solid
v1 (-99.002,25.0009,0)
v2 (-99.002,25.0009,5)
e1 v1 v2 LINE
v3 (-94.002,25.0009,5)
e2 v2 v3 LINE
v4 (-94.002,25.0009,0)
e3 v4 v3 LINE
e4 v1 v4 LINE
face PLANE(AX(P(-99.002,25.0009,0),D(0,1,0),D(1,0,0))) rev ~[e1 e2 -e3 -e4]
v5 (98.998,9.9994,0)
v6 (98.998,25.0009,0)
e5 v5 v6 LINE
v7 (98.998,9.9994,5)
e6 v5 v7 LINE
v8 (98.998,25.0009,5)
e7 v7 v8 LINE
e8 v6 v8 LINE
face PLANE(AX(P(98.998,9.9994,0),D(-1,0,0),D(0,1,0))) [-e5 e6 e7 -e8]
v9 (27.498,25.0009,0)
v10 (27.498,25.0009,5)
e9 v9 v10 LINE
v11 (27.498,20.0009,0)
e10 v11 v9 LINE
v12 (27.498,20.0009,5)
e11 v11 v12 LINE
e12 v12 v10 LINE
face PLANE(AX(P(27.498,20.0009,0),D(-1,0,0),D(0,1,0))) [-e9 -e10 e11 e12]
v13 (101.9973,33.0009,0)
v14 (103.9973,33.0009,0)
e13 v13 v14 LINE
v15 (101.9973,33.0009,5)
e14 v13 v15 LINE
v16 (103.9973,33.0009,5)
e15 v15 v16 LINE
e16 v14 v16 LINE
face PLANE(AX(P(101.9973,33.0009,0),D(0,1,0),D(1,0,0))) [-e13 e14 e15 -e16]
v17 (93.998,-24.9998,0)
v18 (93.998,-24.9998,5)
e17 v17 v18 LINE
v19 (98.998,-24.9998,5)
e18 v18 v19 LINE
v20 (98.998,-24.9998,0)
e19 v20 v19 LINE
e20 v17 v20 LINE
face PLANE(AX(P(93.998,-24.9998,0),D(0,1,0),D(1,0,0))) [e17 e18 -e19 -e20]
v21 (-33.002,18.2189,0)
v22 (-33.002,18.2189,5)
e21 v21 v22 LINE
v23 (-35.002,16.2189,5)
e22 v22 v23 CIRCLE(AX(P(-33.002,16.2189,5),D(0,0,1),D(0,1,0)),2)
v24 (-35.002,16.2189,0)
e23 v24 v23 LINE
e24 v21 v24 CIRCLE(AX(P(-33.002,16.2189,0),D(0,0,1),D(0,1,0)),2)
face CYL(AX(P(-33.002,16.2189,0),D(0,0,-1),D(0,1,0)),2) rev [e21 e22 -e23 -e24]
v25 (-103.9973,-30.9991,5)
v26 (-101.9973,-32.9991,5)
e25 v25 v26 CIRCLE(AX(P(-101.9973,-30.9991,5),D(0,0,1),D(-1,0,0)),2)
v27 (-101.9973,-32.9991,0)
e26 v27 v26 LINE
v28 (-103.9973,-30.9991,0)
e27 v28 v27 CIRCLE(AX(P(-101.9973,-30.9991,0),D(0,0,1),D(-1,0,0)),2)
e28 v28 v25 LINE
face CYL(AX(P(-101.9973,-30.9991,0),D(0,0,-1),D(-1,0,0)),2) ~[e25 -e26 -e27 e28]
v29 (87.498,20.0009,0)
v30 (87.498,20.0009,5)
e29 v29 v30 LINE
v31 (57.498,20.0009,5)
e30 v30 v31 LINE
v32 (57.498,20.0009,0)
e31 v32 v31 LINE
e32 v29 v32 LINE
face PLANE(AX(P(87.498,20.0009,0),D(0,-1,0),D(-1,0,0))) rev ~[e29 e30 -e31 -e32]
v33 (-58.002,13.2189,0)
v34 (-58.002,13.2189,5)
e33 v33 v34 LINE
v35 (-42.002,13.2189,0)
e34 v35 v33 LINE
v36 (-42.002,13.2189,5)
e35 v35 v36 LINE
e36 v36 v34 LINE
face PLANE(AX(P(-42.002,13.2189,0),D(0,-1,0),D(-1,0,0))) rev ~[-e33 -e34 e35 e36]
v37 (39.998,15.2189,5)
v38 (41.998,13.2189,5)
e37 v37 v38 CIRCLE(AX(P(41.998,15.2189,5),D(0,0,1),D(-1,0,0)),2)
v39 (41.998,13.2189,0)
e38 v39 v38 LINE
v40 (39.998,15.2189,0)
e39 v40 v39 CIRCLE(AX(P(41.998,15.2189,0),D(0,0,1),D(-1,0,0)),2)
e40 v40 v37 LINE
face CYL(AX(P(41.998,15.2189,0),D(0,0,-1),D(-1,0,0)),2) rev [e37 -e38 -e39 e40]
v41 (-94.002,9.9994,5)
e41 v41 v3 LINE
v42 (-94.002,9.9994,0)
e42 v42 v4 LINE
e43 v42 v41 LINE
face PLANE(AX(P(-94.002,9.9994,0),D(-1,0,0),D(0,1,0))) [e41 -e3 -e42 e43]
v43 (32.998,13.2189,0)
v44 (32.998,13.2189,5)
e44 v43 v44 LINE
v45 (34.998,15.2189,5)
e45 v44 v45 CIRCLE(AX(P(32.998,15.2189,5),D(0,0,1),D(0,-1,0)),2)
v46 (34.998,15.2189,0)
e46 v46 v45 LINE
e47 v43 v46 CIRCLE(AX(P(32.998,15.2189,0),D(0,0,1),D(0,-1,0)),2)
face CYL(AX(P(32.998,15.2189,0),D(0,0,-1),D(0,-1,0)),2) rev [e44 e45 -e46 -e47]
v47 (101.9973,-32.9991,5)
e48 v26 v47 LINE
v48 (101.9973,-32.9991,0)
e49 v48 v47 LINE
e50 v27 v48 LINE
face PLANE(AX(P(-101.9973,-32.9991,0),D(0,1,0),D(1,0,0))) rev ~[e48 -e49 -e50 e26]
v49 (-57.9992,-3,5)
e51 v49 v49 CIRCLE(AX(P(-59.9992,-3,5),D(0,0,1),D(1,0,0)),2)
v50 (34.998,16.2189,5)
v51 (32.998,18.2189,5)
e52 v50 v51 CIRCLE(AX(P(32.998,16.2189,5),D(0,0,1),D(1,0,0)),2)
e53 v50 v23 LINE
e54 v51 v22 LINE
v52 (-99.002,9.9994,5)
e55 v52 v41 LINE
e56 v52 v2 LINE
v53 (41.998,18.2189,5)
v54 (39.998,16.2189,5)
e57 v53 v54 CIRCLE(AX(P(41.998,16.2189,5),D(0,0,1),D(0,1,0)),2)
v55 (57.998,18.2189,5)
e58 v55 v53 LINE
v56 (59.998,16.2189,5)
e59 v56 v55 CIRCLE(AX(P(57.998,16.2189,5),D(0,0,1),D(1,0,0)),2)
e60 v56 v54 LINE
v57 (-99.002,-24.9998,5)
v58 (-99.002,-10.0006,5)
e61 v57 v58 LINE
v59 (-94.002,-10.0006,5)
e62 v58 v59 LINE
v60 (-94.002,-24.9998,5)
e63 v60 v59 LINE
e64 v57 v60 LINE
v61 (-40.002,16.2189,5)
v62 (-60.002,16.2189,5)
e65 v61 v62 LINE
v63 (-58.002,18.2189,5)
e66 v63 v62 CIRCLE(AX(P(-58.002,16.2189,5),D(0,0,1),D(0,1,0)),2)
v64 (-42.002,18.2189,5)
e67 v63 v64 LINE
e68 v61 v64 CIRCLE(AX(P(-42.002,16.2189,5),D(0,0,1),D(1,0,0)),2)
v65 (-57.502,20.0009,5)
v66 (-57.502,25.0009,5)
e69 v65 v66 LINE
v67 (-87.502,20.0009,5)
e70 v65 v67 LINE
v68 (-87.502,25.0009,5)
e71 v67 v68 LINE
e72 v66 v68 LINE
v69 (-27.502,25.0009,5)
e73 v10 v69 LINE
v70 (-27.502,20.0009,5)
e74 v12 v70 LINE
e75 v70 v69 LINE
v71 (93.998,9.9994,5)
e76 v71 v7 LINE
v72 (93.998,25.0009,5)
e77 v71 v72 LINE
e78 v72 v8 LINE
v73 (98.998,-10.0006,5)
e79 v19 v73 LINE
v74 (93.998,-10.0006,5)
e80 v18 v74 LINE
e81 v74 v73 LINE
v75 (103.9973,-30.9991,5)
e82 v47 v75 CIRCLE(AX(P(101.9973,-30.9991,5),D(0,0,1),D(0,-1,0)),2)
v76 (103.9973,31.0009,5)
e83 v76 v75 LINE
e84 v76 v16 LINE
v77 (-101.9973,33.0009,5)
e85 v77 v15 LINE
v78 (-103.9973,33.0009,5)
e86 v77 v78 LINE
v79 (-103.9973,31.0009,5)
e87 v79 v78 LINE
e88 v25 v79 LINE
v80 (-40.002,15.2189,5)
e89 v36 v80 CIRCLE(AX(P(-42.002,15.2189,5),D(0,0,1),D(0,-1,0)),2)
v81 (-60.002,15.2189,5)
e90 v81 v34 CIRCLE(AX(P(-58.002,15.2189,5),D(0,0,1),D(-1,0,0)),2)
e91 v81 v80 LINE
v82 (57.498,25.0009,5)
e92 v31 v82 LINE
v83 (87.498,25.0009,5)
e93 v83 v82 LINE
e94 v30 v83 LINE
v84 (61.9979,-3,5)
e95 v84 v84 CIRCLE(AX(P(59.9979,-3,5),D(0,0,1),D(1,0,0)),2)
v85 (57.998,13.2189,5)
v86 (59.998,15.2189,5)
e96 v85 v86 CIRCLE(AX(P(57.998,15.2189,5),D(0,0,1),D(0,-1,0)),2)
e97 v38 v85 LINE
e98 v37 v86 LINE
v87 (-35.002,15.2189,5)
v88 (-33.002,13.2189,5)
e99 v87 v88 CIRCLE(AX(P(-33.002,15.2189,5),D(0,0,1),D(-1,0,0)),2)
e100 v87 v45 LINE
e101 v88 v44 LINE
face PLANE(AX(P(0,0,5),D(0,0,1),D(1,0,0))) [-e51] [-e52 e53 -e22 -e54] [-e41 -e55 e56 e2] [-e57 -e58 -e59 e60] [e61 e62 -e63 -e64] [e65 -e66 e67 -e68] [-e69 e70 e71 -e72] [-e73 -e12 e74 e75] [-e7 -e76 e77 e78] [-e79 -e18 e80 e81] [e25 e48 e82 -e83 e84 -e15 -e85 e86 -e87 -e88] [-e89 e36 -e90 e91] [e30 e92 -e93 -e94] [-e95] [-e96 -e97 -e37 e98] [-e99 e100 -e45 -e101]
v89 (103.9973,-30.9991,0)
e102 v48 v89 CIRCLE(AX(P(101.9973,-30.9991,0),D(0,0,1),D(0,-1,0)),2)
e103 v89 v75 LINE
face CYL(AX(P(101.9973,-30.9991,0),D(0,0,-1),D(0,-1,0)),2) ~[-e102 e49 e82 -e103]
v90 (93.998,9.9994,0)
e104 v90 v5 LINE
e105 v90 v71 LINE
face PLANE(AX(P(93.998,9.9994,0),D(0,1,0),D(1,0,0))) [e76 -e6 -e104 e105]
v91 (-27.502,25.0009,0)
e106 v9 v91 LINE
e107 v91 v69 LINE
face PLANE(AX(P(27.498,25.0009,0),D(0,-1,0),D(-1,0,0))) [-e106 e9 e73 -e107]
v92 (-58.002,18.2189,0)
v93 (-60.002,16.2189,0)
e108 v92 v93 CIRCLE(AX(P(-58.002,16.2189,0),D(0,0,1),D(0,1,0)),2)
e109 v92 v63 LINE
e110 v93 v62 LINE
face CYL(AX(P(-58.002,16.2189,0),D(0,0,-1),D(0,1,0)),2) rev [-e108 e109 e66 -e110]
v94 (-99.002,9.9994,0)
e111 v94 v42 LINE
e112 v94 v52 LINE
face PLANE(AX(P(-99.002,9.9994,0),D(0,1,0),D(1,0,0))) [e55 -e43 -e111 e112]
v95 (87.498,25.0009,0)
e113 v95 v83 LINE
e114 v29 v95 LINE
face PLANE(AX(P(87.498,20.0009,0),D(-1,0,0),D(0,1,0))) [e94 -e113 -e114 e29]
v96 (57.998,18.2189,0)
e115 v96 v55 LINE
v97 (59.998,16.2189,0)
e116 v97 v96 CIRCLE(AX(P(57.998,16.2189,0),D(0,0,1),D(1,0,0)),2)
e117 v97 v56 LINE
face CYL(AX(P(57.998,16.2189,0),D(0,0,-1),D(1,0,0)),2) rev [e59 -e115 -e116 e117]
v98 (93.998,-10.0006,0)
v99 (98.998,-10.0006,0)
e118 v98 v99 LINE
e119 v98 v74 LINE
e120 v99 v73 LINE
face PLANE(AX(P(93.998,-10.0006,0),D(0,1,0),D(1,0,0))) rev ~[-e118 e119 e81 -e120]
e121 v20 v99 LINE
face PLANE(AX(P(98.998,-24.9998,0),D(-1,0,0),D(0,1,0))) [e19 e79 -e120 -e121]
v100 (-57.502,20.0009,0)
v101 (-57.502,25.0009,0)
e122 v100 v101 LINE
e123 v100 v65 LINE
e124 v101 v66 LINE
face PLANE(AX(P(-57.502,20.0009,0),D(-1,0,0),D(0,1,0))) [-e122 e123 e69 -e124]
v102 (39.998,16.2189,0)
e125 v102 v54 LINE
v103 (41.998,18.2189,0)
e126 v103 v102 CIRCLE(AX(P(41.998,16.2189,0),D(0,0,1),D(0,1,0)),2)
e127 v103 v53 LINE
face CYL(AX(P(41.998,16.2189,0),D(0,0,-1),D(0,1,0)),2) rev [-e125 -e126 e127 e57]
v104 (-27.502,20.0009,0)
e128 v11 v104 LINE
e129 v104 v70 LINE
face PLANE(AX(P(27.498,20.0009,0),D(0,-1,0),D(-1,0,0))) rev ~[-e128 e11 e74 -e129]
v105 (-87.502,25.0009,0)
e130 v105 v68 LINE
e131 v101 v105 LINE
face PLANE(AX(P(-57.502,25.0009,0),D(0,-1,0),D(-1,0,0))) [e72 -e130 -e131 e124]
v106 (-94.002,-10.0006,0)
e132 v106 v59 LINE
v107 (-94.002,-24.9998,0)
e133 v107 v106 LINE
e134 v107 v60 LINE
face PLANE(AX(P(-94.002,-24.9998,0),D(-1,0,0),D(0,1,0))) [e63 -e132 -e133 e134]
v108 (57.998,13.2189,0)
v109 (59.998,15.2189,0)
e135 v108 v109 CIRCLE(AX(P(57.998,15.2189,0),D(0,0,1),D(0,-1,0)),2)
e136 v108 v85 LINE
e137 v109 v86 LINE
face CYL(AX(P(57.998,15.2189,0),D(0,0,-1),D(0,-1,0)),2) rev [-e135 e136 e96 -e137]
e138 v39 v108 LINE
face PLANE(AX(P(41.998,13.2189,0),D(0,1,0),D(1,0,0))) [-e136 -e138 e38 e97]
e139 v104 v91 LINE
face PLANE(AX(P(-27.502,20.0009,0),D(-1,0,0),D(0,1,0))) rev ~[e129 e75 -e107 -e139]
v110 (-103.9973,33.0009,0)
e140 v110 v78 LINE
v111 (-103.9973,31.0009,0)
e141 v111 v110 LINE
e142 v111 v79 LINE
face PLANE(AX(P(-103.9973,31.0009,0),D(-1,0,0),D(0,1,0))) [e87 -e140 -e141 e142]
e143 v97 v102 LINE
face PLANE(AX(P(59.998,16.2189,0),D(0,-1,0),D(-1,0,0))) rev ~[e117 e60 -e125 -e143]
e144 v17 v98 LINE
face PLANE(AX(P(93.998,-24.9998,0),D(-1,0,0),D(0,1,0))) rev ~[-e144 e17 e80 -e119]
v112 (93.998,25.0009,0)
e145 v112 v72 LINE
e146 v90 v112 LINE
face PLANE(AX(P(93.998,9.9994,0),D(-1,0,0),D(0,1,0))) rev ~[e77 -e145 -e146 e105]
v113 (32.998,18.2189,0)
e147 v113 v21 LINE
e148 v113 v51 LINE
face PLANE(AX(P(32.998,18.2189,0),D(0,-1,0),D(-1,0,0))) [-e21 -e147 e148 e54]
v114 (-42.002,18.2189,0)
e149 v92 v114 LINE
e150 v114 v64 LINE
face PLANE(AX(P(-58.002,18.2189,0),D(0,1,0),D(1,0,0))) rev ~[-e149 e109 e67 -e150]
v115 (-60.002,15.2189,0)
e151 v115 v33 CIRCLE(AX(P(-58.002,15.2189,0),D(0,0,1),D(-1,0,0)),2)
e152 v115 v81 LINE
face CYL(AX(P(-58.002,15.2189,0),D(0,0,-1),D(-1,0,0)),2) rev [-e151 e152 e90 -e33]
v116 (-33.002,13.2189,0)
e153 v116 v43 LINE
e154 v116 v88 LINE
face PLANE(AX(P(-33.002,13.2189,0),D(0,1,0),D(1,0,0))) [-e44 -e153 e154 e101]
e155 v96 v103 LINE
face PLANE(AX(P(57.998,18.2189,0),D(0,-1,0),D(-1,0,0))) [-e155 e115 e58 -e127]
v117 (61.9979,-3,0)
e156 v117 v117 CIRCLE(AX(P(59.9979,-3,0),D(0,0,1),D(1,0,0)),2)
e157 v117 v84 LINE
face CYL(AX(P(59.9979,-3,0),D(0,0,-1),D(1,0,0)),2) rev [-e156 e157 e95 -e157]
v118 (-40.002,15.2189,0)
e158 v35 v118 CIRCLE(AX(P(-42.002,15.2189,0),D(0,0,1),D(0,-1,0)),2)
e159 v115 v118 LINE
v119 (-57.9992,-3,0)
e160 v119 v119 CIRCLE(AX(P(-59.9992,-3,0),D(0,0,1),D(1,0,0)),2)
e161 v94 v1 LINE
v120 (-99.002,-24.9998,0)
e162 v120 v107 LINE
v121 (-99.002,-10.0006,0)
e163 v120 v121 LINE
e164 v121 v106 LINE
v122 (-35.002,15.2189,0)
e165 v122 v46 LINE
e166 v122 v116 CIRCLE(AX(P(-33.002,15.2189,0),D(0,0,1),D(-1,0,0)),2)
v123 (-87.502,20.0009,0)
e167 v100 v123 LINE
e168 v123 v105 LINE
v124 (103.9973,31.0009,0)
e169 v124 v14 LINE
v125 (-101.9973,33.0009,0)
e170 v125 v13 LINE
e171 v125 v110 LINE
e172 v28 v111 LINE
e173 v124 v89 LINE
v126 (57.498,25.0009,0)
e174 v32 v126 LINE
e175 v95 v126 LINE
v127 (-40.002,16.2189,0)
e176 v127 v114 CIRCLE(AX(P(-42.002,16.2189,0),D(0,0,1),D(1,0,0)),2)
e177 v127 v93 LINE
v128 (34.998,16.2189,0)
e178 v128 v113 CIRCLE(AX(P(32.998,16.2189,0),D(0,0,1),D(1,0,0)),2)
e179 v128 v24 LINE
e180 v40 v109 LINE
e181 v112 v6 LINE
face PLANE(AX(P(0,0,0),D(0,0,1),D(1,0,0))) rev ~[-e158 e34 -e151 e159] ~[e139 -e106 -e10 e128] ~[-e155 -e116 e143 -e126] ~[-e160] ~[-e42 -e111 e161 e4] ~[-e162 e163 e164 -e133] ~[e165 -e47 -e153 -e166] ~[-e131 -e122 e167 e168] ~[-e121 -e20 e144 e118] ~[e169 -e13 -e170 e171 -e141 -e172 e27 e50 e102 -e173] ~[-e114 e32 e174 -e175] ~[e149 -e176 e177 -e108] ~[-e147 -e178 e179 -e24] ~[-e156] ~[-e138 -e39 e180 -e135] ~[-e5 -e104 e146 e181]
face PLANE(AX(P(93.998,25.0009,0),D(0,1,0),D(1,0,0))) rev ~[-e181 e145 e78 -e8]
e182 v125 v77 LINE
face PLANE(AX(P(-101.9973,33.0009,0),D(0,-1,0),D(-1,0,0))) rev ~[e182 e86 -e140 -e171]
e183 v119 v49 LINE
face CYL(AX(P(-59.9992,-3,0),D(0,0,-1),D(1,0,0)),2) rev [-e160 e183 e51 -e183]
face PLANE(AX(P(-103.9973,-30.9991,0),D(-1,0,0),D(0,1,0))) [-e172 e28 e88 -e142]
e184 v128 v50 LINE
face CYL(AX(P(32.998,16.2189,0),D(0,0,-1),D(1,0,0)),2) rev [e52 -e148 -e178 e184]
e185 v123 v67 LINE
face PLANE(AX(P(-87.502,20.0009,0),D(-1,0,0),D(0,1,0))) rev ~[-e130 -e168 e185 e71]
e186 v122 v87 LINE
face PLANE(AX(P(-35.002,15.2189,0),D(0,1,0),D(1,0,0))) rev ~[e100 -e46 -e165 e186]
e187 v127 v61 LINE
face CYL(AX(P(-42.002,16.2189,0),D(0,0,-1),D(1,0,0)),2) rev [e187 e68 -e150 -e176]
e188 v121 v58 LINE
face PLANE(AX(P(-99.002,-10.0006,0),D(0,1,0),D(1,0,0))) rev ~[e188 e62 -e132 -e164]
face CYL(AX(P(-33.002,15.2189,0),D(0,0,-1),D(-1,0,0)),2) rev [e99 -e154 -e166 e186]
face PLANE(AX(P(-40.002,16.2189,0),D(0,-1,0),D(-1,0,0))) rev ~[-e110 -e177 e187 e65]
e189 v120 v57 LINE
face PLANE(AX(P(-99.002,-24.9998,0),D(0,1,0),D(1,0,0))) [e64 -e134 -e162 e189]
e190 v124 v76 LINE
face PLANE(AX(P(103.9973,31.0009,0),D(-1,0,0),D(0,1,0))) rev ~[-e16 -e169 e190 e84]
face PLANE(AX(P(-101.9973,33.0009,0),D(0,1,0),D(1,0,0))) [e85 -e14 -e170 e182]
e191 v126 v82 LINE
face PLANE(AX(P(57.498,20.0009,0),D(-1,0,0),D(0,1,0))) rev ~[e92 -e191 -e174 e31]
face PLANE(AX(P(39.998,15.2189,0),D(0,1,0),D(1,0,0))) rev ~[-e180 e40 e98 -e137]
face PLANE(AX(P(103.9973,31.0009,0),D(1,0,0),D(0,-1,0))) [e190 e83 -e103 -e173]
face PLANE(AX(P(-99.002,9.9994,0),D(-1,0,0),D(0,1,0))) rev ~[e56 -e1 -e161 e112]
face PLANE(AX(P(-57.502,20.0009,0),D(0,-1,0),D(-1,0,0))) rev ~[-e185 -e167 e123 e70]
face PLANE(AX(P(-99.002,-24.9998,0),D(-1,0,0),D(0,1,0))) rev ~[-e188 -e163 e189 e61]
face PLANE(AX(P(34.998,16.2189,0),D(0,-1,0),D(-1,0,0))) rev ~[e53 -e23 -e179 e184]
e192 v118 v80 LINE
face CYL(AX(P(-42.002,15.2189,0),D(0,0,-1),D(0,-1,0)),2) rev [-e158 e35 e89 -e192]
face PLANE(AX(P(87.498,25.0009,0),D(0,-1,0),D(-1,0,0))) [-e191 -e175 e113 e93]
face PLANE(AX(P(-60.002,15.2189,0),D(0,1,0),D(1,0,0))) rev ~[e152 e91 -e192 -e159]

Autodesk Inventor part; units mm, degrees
ref_plane "YZ Plane" through (0, 0, 0) normal (1, 0, 0) x (0, 1, 0)
ref_plane "XZ Plane" through (0, 0, 0) normal (0, 1, 0) x (-1, 0, 0)
ref_plane "XY Plane" through (0, 0, 0) normal (0, 0, 1) x (1, 0, 0)
sketch "Sketch1" plane through (0, 0, 0) normal (0, 0, 1) x (1, 0, 0)
  line L0 (-101.9973, -32.9991) -> (101.9973, -32.9991)
  line L1 (-101.9973, 33.0009) -> (101.9973, 33.0009)
  line L2 (-103.9973, -30.9991) -> (-103.9973, 31.0009)
  line L3 (103.9973, 31.0009) -> (103.9973, -30.9991)
  arc A0 (-103.9973, -30.9991) -> (-101.9973, -32.9991) centre (-101.9973, -30.9991) ccw
  arc A1 (101.9973, -32.9991) -> (103.9973, -30.9991) centre (101.9973, -30.9991) ccw
  line L4 (103.9973, 31.0009) -> (103.9973, 33.0009)
  line L5 (101.9973, 33.0009) -> (103.9973, 33.0009)
  line L6 (-103.9973, 31.0009) -> (-103.9973, 33.0009)
  line L7 (-101.9973, 33.0009) -> (-103.9973, 33.0009)
  line L8 (57.998, 18.2189) -> (41.998, 18.2189)
  line L9 (41.998, 13.2189) -> (57.998, 13.2189)
  line L10 (-58.002, 18.2189) -> (-42.002, 18.2189)
  line L11 (-42.002, 13.2189) -> (-58.002, 13.2189)
  line L12 (32.998, 18.2189) -> (-33.002, 18.2189)
  line L13 (-33.002, 13.2189) -> (32.998, 13.2189)
  arc A2 (34.998, 16.2189) -> (32.998, 18.2189) centre (32.998, 16.2189) ccw
  arc A3 (-35.002, 15.2189) -> (-33.002, 13.2189) centre (-33.002, 15.2189) ccw
  arc A4 (-33.002, 18.2189) -> (-35.002, 16.2189) centre (-33.002, 16.2189) ccw
  arc A5 (-40.002, 16.2189) -> (-42.002, 18.2189) centre (-42.002, 16.2189) ccw
  arc A6 (-42.002, 13.2189) -> (-40.002, 15.2189) centre (-42.002, 15.2189) ccw
  arc A7 (-60.002, 15.2189) -> (-58.002, 13.2189) centre (-58.002, 15.2189) ccw
  arc A8 (-58.002, 18.2189) -> (-60.002, 16.2189) centre (-58.002, 16.2189) ccw
  arc A9 (39.998, 15.2189) -> (41.998, 13.2189) centre (41.998, 15.2189) ccw
  arc A10 (41.998, 18.2189) -> (39.998, 16.2189) centre (41.998, 16.2189) ccw
  arc A11 (59.998, 16.2189) -> (57.998, 18.2189) centre (57.998, 16.2189) ccw
  arc A12 (57.998, 13.2189) -> (59.998, 15.2189) centre (57.998, 15.2189) ccw
  arc A13 (32.998, 13.2189) -> (34.998, 15.2189) centre (32.998, 15.2189) ccw
  line L14 (59.998, 16.2189) -> (39.998, 16.2189)
  line L15 (39.998, 15.2189) -> (59.998, 15.2189)
  line L16 (34.998, 16.2189) -> (-35.002, 16.2189)
  line L17 (-35.002, 15.2189) -> (34.998, 15.2189)
  line L18 (-40.002, 16.2189) -> (-60.002, 16.2189)
  line L19 (-60.002, 15.2189) -> (-40.002, 15.2189)
  circle A14 centre (-59.9992, -3) radius 2
  circle A15 centre (59.9979, -3) radius 2
  line L20 (93.998, -24.9998) -> (93.998, -10.0006)
  line L21 (93.998, -10.0006) -> (98.998, -10.0006)
  line L22 (98.998, -24.9998) -> (98.998, -10.0006)
  line L23 (93.998, -24.9998) -> (98.998, -24.9998)
  line L24 (93.998, 9.9994) -> (93.998, 25.0009)
  line L25 (93.998, 25.0009) -> (98.998, 25.0009)
  line L26 (98.998, 9.9994) -> (98.998, 25.0009)
  line L27 (93.998, 9.9994) -> (98.998, 9.9994)
  line L28 (87.498, 20.0009) -> (57.498, 20.0009)
  line L29 (57.498, 20.0009) -> (57.498, 25.0009)
  line L30 (87.498, 25.0009) -> (57.498, 25.0009)
  line L31 (87.498, 20.0009) -> (87.498, 25.0009)
  line L32 (27.498, 20.0009) -> (-27.502, 20.0009)
  line L33 (-27.502, 20.0009) -> (-27.502, 25.0009)
  line L34 (27.498, 25.0009) -> (-27.502, 25.0009)
  line L35 (27.498, 20.0009) -> (27.498, 25.0009)
  line L36 (-57.502, 20.0009) -> (-87.502, 20.0009)
  line L37 (-87.502, 20.0009) -> (-87.502, 25.0009)
  line L38 (-57.502, 25.0009) -> (-87.502, 25.0009)
  line L39 (-57.502, 20.0009) -> (-57.502, 25.0009)
  line L40 (-99.002, 9.9994) -> (-99.002, 25.0009)
  line L41 (-99.002, 25.0009) -> (-94.002, 25.0009)
  line L42 (-94.002, 9.9994) -> (-94.002, 25.0009)
  line L43 (-99.002, 9.9994) -> (-94.002, 9.9994)
  line L44 (-99.002, -24.9998) -> (-99.002, -10.0006)
  line L45 (-99.002, -10.0006) -> (-94.002, -10.0006)
  line L46 (-94.002, -24.9998) -> (-94.002, -10.0006)
  line L47 (-99.002, -24.9998) -> (-94.002, -24.9998)
  point P0 (-85.2166, -15.942)
  point P1 (-103.9973, -32.9991)
  point P2 (103.9973, -32.9991)
  point P3 (59.998, 18.2189)
  point P4 (59.998, 13.2189)
  point P5 (-60.002, 16.2189)
  point P6 (59.998, 15.2189)
  point P7 (59.9979, -3)
extrude "Extrusion1" add sketch "Sketch1" along normal blind 5
properties part number "case bottom front" material "Nylon, molybdenum disulphide"
